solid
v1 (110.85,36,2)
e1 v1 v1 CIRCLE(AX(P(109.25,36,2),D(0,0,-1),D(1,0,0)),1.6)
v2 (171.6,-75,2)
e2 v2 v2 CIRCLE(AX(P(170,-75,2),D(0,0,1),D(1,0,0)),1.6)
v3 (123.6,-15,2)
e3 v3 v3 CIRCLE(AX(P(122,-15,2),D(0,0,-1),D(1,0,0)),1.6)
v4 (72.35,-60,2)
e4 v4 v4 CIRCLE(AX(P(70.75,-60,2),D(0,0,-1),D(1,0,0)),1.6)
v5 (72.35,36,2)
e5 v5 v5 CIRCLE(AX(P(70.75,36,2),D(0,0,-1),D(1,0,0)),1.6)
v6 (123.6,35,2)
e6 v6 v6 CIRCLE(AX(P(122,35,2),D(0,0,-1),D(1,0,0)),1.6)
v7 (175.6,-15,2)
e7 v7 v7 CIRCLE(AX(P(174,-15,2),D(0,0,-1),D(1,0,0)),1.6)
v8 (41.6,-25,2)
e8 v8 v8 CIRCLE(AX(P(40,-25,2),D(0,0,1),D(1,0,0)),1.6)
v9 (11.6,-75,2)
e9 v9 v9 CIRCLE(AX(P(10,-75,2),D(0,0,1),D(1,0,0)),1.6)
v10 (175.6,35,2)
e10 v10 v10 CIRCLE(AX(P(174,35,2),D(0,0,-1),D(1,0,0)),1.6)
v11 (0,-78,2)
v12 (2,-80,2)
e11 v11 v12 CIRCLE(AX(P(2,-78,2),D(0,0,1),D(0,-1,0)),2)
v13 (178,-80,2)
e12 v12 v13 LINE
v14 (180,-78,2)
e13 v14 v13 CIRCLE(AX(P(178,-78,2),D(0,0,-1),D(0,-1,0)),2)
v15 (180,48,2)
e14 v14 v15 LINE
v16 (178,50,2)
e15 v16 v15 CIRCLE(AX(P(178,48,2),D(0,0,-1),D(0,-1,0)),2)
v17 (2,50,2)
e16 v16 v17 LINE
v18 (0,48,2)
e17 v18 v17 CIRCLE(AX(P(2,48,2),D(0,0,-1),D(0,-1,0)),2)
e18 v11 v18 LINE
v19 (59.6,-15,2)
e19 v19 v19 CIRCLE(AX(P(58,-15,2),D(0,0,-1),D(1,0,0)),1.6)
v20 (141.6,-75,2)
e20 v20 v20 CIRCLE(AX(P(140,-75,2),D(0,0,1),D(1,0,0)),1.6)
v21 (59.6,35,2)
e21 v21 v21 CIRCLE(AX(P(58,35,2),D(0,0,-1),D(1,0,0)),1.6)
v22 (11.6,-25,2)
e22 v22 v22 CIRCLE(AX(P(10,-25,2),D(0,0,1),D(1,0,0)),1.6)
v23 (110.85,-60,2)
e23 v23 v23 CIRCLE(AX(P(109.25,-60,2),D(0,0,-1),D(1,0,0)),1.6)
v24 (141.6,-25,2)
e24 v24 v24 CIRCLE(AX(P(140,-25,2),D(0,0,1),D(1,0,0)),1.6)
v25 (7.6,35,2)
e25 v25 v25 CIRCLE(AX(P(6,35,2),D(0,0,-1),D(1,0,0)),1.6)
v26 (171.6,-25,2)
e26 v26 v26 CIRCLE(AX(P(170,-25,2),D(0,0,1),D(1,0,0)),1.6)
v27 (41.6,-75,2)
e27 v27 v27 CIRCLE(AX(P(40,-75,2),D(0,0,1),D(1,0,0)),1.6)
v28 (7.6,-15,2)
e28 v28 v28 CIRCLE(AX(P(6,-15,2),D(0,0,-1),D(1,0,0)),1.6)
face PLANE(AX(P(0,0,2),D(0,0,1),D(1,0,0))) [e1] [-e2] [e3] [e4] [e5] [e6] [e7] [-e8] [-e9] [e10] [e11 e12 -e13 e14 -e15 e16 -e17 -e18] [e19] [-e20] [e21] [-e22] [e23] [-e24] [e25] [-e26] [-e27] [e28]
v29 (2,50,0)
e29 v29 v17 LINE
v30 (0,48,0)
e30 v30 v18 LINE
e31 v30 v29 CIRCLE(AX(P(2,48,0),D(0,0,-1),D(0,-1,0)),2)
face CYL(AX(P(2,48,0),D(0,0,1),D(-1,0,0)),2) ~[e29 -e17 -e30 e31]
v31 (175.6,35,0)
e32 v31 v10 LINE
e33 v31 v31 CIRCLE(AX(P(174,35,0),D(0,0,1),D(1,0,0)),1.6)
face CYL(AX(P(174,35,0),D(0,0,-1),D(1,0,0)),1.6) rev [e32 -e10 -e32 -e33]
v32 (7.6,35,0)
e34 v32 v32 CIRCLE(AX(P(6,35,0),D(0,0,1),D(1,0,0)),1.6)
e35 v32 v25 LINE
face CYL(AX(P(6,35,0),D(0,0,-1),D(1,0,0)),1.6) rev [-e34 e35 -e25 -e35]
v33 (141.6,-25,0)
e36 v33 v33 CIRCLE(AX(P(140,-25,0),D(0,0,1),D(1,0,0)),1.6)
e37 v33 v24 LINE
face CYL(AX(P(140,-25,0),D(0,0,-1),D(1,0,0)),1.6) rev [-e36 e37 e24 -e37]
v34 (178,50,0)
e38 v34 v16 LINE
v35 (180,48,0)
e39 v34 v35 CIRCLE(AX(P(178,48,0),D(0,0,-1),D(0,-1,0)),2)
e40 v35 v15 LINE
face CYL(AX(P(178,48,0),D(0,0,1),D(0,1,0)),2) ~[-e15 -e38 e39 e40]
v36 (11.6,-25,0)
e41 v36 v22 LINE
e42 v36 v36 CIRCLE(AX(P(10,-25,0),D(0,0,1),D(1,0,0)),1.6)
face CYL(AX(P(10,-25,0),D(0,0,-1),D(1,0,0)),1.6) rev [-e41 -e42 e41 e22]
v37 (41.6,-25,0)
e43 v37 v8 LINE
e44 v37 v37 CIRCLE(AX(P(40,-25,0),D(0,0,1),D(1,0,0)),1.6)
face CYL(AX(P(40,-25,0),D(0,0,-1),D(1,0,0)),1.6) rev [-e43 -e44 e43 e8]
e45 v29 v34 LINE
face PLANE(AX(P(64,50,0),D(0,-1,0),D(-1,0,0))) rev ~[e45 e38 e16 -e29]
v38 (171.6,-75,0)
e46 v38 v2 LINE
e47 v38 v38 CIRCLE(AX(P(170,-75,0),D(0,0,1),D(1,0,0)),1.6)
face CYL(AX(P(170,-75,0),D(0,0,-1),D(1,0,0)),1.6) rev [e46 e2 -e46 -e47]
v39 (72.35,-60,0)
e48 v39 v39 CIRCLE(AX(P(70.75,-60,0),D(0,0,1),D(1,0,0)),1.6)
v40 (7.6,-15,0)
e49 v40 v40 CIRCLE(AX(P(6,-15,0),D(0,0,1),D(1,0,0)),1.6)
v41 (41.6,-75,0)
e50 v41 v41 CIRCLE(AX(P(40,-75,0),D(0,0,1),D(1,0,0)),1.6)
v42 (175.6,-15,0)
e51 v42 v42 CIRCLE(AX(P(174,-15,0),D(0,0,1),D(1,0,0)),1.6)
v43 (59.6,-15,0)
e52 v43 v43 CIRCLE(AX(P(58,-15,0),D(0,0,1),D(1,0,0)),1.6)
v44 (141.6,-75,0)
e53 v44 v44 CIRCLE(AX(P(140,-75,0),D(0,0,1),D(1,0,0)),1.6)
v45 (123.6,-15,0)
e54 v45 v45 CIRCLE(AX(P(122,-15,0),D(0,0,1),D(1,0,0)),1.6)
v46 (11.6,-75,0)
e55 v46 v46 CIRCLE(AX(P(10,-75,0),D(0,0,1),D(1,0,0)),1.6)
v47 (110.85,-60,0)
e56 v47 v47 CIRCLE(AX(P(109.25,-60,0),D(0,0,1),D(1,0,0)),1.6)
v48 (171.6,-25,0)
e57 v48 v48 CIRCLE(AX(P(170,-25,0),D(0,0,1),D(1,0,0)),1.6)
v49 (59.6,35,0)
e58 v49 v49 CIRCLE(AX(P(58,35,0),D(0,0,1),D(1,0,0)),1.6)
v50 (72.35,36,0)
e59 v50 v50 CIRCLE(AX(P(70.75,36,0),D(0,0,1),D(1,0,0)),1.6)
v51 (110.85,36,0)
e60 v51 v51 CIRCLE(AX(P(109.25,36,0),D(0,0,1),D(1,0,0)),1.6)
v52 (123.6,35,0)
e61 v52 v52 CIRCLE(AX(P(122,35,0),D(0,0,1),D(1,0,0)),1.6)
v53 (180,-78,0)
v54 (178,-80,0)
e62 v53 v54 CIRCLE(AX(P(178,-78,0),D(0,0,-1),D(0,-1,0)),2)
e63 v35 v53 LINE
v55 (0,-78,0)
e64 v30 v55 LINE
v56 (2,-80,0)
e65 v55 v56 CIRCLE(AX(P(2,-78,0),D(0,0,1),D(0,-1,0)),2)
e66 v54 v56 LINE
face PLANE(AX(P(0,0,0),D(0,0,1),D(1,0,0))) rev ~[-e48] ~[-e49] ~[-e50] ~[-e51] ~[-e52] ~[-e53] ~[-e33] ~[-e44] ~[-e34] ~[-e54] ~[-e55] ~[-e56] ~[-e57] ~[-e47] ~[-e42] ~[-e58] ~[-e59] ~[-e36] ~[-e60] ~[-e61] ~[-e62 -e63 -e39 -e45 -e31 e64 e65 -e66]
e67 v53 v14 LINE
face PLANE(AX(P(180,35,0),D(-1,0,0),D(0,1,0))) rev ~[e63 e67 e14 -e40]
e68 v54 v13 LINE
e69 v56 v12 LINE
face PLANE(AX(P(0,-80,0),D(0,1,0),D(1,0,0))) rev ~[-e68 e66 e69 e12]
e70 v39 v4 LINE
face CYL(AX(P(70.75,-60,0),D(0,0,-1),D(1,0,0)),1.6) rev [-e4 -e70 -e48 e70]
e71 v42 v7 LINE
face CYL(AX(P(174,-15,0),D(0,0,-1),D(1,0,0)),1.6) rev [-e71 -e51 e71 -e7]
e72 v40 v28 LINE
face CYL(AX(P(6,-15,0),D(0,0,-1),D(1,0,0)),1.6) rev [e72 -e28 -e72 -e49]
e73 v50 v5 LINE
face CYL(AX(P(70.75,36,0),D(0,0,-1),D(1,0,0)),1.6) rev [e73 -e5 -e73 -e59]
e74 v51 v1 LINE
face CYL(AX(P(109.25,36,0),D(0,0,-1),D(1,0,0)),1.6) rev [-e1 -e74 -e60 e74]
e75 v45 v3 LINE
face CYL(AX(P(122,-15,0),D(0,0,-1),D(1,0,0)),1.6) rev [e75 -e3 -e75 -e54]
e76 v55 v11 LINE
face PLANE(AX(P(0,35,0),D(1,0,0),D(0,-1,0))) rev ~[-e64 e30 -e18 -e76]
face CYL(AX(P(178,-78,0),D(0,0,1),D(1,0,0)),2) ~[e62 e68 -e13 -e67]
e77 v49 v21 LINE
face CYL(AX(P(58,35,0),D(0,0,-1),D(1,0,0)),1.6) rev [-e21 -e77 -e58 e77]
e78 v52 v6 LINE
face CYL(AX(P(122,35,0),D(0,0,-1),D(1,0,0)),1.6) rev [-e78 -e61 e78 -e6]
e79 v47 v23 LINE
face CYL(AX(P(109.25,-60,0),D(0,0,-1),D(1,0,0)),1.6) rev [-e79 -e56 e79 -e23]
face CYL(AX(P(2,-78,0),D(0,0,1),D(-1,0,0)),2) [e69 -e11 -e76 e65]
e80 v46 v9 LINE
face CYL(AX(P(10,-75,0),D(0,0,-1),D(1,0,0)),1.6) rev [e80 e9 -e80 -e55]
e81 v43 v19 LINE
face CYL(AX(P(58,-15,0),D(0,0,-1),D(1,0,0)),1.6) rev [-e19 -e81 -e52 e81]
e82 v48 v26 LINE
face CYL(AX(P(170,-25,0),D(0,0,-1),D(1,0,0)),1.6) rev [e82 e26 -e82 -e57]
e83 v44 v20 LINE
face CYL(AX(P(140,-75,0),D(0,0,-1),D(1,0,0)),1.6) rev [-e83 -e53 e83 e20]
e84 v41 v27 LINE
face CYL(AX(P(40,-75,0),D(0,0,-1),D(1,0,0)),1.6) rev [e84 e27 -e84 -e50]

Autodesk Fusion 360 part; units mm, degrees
sketch "スケッチ1" plane through (0, 0, 0) normal (0, 0, 1) x (1, 0, 0)
  line L0 (0, 0) -> (180, 0)
  line L1 (180, 0) -> (180, -100)
  line L2 (180, -100) -> (0, -100)
  line L3 (0, -100) -> (0, 0)
  line L4 (0, -50) -> (180, -50) construction
  line L5 (10, -50) -> (10, -25) construction
  line L6 (10, -25) -> (40, -25) construction
  line L7 (40, -25) -> (40, -50) construction
  line L8 (90, 0) -> (90, -100) construction
  line L9 (10, -50) -> (10, -75) construction
  line L10 (10, -75) -> (40, -75) construction
  line L11 (40, -75) -> (40, -50) construction
  line L12 (140, -75) -> (140, -50) construction
  line L13 (140, -25) -> (140, -50) construction
  line L14 (170, -25) -> (140, -25) construction
  line L15 (170, -50) -> (170, -25) construction
  line L16 (170, -50) -> (170, -75) construction
  line L17 (170, -75) -> (140, -75) construction
  circle A0 centre (10, -25) radius 1.6
  circle A1 centre (40, -25) radius 1.6
  circle A2 centre (10, -75) radius 1.6
  circle A3 centre (40, -75) radius 1.6
  circle A4 centre (170, -25) radius 1.6
  circle A5 centre (140, -25) radius 1.6
  circle A6 centre (140, -75) radius 1.6
  circle A7 centre (170, -75) radius 1.6
  line L18 (40, -37.5) -> (35, -37.5)
  line L19 (35, -37.5) -> (35, -65)
  line L20 (35, -65) -> (45, -65)
  line L21 (45, -65) -> (45, -37.5)
  line L22 (45, -37.5) -> (40, -37.5)
  line L23 (145, -65) -> (135, -65)
  line L24 (135, -65) -> (135, -37.5)
  line L25 (135, -37.5) -> (140, -37.5)
  line L26 (140, -37.5) -> (145, -37.5)
  line L27 (145, -37.5) -> (145, -65)
  line L28 (90, 0) -> (64.5, 0) construction
  line L29 (64.5, 0) -> (64.5, -100) construction
  line L30 (115.5, 0) -> (115.5, -100) construction
  line L31 (64.5, -50) -> (64.5, -9) construction
  line L32 (115.5, -91) -> (115.5, -79)
  circle A8 centre (5, -95) radius 1.6
  circle A9 centre (175, -95) radius 1.6
  line L33 (0, -10) -> (180, -10)
  line L34 (180, -90) -> (0, -90)
  line L35 (0, -80) -> (180, -80)
  line L36 (0, -20) -> (180, -20)
  line L37 (0, 0) -> (180, 0)
  line L38 (180, 0) -> (180, 50)
  line L39 (180, 50) -> (0, 50)
  line L40 (0, 50) -> (0, 0)
  line L41 (90, -80) -> (90, -60)
  line L42 (90, -60) -> (109.25, -60)
  line L43 (109.25, -60) -> (70.75, -60)
  line L44 (70.75, -60) -> (70.75, 36)
  line L45 (70.75, 36) -> (109.25, 36)
  line L46 (109.25, 36) -> (109.25, -60)
  circle A10 centre (70.75, 36) radius 1.6
  circle A11 centre (109.25, 36) radius 1.6
  circle A12 centre (70.75, -60) radius 1.6
  circle A13 centre (109.25, -60) radius 1.6
  line L47 (180, 50) -> (180, 35)
  line L48 (180, 35) -> (0, 35)
  line L49 (0, 35) -> (6, 35)
  circle A14 centre (6, 35) radius 1.6
  circle A15 centre (174, 35) radius 1.6
  line L50 (6, 35) -> (58, 35)
  line L51 (58, 35) -> (58, -15)
  line L52 (58, -15) -> (6, -15)
  line L53 (6, -15) -> (6, 35)
  circle A16 centre (6, -15) radius 1.6
  circle A17 centre (58, -15) radius 1.6
  circle A18 centre (58, 35) radius 1.6
  circle A19 centre (122, 35) radius 1.6
  circle A20 centre (174, 35) radius 1.6
  circle A21 centre (174, -15) radius 1.6
  circle A22 centre (122, -15) radius 1.6
  line L54 (122, 35) -> (122, -15)
  line L55 (174, -15) -> (174, 35)
  line L56 (174, 35) -> (122, 35)
  line L57 (122, -15) -> (174, -15)
  line L58 (58, 35) -> (64, 35)
  line L59 (64, 35) -> (64, 50)
  line L60 (64, 50) -> (0, 50)
  line L61 (0, 50) -> (0, -20)
  line L62 (0, -20) -> (64, -20)
  line L63 (64, -20) -> (64, 50)
  dimension "d1" = 180
  dimension "d2" = 100
  dimension "d3" = 3.2
  dimension "d4" = 3.2
  dimension "d7" = 5
  dimension "d8" = 5
  dimension "d9" = 25.5
  dimension "d10" = 41
  dimension "d22" = 20
  dimension "d23" = 19.25
  dimension "d24" = 38.5
  dimension "d25" = 96
  dimension "d26" = 3.2
  dimension "d27" = 3.2
  dimension "d28" = 3.2
  dimension "d29" = 3.2
  dimension "d30" = 15
  dimension "d31" = 6
  dimension "d32" = 3.2
  dimension "d33" = 52
  dimension "d34" = 50
  dimension "d35" = 3.2
  dimension "d36" = 3.2
  dimension "d37" = 3.2
  dimension "d38" = 70
extrude "押し出し1" add sketch "スケッチ1" along normal blind 2 contours L0 L37 L40 L48 L49 A14 L53 L61 | L0 L3 L33 L37 L53 L61 | L0 L37 L48 A14 L50 L51 L53 A18 | L0 L33 L37 L51 L53 | L3 L33 L36 L51 L52 L53 A16 A17 L61 L62 L63 | L39 L40 L48 L49 A14 L50 A18 L58 L59 L60 L61 L63 | L0 L37 L48 L51 A18 L58 L63 | L0 L33 L37 L51 L63 | L33 L51 L52 L53 A16 A17 | L3 L35 L36 L41 L43 L44 A12 L62 | L0 L37 L44 A10 L48 L63 | L0 L33 L37 L44 L63 | L33 L36 L44 L63 | L38 L39 L45 A10 A11 L47 L48 A15 A19 A20 L56 L59 L63 | L0 L37 L44 L46 A10 A11 L48 | L0 L33 L37 L44 L46 | L1 L35 L36 L41 L42 L43 L46 A13 | L33 L36 L44 L46 | L36 L42 L43 L44 L46 A12 A13 | L0 L37 L46 A11 L48 A19 L54 | L0 L33 L37 L46 L54 | L1 L33 L36 L46 A21 A22 L54 L55 L57 | L0 L37 L38 L48 A15 A20 L55 | L0 L37 L48 A15 A19 A20 L54 L55 L56 | L0 L33 L37 L54 L55 | L45 A10 A11 L48 | L0 L1 L33 L37 L55 | L33 A21 A22 L54 L55 L57 | L18 L19 L20 L21 L22 | L23 L24 L25 L26 L27
fillet "フィレット1" radius 2 4 edges at (0, -80, 1) (180, -80, 1) (0, 50, 1) (180, 50, 1)
equation "d9 = ( 51 / 2 ) * 1 mm"
equation "d10 = ( 82 / 2 ) * 1 mm"
